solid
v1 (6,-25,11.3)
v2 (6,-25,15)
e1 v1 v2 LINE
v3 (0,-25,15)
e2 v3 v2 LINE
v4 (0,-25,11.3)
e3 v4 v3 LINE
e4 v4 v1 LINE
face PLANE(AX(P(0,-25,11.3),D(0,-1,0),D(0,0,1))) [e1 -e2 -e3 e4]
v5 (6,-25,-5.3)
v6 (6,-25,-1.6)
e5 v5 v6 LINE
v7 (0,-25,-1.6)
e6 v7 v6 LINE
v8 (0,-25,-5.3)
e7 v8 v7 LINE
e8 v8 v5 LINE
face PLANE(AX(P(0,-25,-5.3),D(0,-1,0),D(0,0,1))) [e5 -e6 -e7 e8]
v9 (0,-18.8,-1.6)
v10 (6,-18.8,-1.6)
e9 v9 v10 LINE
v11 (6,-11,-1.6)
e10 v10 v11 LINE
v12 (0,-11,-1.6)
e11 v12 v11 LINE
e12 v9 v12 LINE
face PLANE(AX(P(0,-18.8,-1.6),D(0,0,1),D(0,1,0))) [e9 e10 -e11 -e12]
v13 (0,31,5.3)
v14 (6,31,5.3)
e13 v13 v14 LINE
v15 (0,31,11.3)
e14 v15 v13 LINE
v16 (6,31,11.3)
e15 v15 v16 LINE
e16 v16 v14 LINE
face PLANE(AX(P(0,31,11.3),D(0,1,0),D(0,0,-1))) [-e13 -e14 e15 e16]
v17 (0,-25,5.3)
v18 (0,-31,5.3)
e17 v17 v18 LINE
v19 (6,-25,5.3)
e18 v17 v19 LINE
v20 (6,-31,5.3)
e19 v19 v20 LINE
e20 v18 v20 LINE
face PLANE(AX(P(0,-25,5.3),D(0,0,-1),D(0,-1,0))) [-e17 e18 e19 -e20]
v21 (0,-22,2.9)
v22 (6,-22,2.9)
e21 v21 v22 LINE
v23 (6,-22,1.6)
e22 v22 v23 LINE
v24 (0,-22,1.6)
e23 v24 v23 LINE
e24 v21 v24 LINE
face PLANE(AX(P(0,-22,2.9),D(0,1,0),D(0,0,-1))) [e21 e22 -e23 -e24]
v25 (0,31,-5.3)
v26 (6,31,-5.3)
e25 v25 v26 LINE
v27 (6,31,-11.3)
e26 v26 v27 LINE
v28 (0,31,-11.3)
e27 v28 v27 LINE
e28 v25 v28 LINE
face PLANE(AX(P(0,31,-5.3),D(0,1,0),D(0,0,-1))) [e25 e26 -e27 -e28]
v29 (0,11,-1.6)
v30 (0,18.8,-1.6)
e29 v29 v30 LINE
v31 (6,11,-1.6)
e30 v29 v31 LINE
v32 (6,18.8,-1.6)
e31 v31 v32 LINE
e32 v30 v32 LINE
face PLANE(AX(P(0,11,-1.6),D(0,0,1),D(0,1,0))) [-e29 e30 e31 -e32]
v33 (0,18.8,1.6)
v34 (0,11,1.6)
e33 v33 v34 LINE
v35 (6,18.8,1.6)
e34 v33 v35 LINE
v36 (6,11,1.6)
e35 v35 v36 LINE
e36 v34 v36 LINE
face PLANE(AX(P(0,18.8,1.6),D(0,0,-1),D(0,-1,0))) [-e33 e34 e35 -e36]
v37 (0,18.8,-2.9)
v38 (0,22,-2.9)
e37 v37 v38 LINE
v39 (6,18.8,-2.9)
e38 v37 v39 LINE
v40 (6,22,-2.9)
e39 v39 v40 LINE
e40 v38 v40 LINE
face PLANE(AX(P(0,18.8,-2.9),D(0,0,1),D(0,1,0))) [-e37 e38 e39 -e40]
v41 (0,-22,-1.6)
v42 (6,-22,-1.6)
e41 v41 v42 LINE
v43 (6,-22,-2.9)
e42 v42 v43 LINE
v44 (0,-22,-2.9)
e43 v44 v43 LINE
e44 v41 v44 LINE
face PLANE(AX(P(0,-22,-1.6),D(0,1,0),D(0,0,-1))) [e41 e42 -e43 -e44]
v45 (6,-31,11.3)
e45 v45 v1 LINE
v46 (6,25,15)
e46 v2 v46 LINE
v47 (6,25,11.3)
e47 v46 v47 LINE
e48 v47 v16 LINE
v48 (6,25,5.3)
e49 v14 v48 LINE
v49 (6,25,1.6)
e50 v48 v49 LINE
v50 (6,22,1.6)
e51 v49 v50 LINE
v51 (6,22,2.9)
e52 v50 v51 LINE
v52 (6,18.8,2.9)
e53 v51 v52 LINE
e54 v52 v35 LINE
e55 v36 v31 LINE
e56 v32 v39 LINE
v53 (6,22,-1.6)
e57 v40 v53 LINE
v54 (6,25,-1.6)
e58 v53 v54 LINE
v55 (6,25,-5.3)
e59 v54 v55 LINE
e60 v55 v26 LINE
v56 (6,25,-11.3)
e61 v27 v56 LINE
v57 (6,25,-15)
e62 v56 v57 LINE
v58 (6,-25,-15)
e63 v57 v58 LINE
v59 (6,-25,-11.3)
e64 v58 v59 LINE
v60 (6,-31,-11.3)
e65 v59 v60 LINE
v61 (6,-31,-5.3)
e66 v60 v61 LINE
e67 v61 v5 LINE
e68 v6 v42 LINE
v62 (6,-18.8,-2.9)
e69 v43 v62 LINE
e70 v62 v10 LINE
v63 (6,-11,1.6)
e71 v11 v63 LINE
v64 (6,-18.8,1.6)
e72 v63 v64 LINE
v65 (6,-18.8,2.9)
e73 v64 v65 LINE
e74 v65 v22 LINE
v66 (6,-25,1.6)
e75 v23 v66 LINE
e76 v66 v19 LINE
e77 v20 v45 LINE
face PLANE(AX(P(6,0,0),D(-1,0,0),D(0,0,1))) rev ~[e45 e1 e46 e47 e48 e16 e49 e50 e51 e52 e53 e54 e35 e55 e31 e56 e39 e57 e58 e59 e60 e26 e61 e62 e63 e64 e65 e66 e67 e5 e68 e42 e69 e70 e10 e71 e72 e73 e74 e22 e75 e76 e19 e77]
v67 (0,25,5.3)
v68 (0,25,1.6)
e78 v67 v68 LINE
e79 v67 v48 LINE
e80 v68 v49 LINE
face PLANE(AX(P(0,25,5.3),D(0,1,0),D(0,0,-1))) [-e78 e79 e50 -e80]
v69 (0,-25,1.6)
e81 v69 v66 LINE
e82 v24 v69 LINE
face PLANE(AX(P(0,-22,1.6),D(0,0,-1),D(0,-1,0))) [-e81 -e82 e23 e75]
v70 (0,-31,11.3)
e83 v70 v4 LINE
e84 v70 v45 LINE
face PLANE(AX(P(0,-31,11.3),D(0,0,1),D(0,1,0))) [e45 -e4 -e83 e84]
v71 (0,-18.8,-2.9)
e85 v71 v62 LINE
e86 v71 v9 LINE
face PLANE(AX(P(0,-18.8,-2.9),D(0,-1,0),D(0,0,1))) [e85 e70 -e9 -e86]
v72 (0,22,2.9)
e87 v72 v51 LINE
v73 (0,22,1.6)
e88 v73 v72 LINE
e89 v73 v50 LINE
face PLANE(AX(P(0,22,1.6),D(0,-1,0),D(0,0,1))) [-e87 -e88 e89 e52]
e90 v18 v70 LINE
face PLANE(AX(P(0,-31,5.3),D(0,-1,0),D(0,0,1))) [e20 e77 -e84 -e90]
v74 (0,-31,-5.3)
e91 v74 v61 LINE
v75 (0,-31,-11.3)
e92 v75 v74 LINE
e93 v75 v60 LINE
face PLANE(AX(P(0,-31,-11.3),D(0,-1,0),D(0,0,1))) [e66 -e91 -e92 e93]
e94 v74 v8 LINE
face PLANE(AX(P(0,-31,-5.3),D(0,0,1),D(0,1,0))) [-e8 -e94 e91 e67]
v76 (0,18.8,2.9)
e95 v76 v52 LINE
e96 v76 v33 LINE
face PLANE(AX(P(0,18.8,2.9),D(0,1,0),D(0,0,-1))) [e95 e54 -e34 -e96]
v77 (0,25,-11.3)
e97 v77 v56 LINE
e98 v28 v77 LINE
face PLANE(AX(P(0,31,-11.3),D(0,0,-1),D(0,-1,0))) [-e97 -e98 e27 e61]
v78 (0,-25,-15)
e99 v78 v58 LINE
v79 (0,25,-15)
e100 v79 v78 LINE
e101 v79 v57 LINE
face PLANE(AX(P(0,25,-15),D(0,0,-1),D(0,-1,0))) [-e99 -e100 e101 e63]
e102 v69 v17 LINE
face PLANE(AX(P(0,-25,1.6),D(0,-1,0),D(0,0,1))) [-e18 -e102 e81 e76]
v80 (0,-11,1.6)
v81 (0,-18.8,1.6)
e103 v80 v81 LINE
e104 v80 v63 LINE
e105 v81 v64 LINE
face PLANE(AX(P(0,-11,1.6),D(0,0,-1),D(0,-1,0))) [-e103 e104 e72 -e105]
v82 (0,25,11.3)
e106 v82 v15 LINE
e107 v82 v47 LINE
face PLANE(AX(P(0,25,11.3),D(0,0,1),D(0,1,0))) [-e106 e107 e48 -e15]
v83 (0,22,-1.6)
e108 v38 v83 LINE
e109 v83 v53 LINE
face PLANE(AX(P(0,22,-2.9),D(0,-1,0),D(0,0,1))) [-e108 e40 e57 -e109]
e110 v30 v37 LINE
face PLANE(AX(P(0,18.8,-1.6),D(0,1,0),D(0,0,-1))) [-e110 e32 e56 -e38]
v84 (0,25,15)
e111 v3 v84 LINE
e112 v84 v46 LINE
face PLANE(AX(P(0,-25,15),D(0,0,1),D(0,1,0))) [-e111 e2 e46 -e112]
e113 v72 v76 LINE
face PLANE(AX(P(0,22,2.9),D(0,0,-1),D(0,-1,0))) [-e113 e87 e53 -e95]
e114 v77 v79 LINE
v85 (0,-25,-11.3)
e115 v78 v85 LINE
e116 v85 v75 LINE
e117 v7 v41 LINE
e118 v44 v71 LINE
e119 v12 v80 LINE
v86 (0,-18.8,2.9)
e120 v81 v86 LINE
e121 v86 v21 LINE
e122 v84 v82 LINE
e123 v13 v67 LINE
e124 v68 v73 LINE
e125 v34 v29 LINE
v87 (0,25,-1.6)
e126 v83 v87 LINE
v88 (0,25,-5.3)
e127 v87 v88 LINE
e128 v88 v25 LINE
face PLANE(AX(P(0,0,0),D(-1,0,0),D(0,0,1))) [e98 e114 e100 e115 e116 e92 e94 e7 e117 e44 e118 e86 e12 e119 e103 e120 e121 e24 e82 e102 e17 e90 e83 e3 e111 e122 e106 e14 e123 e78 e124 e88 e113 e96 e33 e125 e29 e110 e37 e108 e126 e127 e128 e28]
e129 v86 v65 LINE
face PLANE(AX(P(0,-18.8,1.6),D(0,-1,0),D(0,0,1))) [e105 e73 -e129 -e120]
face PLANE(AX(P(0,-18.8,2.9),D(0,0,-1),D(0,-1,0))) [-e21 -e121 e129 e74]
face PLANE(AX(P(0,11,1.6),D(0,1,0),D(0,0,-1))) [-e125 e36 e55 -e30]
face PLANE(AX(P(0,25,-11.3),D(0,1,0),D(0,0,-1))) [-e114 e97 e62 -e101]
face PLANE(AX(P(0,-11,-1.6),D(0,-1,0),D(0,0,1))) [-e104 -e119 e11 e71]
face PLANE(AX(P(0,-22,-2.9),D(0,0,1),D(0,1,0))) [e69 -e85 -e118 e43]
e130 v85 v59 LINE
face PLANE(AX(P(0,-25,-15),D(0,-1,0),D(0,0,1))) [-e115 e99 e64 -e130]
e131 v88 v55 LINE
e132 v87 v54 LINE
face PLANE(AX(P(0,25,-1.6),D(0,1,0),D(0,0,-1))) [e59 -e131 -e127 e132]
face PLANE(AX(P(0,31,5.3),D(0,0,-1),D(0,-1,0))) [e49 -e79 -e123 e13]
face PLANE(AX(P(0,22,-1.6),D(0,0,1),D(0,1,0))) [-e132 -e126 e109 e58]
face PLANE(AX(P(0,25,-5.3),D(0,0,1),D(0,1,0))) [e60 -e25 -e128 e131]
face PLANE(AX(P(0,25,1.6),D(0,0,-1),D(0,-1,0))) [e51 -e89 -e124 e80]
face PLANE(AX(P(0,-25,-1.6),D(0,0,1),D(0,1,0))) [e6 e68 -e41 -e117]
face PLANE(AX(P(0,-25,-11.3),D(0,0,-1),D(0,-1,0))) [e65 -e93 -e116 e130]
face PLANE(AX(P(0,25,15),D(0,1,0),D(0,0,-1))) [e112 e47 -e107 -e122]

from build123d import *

# Parameters (mm, degrees)
BOSS_EXTRUDE1_DEPTH = 6


with BuildPart() as part:
    # Sketch1 → Boss-Extrude1 (new body)
    with BuildSketch(Plane(origin=(0, 0, 0), x_dir=(0, 0, -1), z_dir=(1, 0, 0))):
        Polygon((-15, -25), (-15, 25), (-11.3, 25), (-11.3, 31), (-5.3, 31), (-5.3, 25), (-1.6, 25), (-1.6, 22), (-2.9, 22), (-2.9, 18.8), (-1.6, 18.8), (-1.6, 11), (1.6, 11), (1.6, 18.8), (2.9, 18.8), (2.9, 22), (1.6, 22), (1.6, 25), (5.3, 25), (5.3, 31), (11.3, 31), (11.3, 25), (15, 25), (15, -25), (11.3, -25), (11.3, -31), (5.3, -31), (5.3, -25), (1.6, -25), (1.6, -22), (2.9, -22), (2.9, -18.8), (1.6, -18.8), (1.6, -11), (-1.6, -11), (-1.6, -18.8), (-2.9, -18.8), (-2.9, -22), (-1.6, -22), (-1.6, -25), (-5.3, -25), (-5.3, -31), (-11.3, -31), (-11.3, -25), align=None)
    extrude(amount=BOSS_EXTRUDE1_DEPTH)


solid = part.part
